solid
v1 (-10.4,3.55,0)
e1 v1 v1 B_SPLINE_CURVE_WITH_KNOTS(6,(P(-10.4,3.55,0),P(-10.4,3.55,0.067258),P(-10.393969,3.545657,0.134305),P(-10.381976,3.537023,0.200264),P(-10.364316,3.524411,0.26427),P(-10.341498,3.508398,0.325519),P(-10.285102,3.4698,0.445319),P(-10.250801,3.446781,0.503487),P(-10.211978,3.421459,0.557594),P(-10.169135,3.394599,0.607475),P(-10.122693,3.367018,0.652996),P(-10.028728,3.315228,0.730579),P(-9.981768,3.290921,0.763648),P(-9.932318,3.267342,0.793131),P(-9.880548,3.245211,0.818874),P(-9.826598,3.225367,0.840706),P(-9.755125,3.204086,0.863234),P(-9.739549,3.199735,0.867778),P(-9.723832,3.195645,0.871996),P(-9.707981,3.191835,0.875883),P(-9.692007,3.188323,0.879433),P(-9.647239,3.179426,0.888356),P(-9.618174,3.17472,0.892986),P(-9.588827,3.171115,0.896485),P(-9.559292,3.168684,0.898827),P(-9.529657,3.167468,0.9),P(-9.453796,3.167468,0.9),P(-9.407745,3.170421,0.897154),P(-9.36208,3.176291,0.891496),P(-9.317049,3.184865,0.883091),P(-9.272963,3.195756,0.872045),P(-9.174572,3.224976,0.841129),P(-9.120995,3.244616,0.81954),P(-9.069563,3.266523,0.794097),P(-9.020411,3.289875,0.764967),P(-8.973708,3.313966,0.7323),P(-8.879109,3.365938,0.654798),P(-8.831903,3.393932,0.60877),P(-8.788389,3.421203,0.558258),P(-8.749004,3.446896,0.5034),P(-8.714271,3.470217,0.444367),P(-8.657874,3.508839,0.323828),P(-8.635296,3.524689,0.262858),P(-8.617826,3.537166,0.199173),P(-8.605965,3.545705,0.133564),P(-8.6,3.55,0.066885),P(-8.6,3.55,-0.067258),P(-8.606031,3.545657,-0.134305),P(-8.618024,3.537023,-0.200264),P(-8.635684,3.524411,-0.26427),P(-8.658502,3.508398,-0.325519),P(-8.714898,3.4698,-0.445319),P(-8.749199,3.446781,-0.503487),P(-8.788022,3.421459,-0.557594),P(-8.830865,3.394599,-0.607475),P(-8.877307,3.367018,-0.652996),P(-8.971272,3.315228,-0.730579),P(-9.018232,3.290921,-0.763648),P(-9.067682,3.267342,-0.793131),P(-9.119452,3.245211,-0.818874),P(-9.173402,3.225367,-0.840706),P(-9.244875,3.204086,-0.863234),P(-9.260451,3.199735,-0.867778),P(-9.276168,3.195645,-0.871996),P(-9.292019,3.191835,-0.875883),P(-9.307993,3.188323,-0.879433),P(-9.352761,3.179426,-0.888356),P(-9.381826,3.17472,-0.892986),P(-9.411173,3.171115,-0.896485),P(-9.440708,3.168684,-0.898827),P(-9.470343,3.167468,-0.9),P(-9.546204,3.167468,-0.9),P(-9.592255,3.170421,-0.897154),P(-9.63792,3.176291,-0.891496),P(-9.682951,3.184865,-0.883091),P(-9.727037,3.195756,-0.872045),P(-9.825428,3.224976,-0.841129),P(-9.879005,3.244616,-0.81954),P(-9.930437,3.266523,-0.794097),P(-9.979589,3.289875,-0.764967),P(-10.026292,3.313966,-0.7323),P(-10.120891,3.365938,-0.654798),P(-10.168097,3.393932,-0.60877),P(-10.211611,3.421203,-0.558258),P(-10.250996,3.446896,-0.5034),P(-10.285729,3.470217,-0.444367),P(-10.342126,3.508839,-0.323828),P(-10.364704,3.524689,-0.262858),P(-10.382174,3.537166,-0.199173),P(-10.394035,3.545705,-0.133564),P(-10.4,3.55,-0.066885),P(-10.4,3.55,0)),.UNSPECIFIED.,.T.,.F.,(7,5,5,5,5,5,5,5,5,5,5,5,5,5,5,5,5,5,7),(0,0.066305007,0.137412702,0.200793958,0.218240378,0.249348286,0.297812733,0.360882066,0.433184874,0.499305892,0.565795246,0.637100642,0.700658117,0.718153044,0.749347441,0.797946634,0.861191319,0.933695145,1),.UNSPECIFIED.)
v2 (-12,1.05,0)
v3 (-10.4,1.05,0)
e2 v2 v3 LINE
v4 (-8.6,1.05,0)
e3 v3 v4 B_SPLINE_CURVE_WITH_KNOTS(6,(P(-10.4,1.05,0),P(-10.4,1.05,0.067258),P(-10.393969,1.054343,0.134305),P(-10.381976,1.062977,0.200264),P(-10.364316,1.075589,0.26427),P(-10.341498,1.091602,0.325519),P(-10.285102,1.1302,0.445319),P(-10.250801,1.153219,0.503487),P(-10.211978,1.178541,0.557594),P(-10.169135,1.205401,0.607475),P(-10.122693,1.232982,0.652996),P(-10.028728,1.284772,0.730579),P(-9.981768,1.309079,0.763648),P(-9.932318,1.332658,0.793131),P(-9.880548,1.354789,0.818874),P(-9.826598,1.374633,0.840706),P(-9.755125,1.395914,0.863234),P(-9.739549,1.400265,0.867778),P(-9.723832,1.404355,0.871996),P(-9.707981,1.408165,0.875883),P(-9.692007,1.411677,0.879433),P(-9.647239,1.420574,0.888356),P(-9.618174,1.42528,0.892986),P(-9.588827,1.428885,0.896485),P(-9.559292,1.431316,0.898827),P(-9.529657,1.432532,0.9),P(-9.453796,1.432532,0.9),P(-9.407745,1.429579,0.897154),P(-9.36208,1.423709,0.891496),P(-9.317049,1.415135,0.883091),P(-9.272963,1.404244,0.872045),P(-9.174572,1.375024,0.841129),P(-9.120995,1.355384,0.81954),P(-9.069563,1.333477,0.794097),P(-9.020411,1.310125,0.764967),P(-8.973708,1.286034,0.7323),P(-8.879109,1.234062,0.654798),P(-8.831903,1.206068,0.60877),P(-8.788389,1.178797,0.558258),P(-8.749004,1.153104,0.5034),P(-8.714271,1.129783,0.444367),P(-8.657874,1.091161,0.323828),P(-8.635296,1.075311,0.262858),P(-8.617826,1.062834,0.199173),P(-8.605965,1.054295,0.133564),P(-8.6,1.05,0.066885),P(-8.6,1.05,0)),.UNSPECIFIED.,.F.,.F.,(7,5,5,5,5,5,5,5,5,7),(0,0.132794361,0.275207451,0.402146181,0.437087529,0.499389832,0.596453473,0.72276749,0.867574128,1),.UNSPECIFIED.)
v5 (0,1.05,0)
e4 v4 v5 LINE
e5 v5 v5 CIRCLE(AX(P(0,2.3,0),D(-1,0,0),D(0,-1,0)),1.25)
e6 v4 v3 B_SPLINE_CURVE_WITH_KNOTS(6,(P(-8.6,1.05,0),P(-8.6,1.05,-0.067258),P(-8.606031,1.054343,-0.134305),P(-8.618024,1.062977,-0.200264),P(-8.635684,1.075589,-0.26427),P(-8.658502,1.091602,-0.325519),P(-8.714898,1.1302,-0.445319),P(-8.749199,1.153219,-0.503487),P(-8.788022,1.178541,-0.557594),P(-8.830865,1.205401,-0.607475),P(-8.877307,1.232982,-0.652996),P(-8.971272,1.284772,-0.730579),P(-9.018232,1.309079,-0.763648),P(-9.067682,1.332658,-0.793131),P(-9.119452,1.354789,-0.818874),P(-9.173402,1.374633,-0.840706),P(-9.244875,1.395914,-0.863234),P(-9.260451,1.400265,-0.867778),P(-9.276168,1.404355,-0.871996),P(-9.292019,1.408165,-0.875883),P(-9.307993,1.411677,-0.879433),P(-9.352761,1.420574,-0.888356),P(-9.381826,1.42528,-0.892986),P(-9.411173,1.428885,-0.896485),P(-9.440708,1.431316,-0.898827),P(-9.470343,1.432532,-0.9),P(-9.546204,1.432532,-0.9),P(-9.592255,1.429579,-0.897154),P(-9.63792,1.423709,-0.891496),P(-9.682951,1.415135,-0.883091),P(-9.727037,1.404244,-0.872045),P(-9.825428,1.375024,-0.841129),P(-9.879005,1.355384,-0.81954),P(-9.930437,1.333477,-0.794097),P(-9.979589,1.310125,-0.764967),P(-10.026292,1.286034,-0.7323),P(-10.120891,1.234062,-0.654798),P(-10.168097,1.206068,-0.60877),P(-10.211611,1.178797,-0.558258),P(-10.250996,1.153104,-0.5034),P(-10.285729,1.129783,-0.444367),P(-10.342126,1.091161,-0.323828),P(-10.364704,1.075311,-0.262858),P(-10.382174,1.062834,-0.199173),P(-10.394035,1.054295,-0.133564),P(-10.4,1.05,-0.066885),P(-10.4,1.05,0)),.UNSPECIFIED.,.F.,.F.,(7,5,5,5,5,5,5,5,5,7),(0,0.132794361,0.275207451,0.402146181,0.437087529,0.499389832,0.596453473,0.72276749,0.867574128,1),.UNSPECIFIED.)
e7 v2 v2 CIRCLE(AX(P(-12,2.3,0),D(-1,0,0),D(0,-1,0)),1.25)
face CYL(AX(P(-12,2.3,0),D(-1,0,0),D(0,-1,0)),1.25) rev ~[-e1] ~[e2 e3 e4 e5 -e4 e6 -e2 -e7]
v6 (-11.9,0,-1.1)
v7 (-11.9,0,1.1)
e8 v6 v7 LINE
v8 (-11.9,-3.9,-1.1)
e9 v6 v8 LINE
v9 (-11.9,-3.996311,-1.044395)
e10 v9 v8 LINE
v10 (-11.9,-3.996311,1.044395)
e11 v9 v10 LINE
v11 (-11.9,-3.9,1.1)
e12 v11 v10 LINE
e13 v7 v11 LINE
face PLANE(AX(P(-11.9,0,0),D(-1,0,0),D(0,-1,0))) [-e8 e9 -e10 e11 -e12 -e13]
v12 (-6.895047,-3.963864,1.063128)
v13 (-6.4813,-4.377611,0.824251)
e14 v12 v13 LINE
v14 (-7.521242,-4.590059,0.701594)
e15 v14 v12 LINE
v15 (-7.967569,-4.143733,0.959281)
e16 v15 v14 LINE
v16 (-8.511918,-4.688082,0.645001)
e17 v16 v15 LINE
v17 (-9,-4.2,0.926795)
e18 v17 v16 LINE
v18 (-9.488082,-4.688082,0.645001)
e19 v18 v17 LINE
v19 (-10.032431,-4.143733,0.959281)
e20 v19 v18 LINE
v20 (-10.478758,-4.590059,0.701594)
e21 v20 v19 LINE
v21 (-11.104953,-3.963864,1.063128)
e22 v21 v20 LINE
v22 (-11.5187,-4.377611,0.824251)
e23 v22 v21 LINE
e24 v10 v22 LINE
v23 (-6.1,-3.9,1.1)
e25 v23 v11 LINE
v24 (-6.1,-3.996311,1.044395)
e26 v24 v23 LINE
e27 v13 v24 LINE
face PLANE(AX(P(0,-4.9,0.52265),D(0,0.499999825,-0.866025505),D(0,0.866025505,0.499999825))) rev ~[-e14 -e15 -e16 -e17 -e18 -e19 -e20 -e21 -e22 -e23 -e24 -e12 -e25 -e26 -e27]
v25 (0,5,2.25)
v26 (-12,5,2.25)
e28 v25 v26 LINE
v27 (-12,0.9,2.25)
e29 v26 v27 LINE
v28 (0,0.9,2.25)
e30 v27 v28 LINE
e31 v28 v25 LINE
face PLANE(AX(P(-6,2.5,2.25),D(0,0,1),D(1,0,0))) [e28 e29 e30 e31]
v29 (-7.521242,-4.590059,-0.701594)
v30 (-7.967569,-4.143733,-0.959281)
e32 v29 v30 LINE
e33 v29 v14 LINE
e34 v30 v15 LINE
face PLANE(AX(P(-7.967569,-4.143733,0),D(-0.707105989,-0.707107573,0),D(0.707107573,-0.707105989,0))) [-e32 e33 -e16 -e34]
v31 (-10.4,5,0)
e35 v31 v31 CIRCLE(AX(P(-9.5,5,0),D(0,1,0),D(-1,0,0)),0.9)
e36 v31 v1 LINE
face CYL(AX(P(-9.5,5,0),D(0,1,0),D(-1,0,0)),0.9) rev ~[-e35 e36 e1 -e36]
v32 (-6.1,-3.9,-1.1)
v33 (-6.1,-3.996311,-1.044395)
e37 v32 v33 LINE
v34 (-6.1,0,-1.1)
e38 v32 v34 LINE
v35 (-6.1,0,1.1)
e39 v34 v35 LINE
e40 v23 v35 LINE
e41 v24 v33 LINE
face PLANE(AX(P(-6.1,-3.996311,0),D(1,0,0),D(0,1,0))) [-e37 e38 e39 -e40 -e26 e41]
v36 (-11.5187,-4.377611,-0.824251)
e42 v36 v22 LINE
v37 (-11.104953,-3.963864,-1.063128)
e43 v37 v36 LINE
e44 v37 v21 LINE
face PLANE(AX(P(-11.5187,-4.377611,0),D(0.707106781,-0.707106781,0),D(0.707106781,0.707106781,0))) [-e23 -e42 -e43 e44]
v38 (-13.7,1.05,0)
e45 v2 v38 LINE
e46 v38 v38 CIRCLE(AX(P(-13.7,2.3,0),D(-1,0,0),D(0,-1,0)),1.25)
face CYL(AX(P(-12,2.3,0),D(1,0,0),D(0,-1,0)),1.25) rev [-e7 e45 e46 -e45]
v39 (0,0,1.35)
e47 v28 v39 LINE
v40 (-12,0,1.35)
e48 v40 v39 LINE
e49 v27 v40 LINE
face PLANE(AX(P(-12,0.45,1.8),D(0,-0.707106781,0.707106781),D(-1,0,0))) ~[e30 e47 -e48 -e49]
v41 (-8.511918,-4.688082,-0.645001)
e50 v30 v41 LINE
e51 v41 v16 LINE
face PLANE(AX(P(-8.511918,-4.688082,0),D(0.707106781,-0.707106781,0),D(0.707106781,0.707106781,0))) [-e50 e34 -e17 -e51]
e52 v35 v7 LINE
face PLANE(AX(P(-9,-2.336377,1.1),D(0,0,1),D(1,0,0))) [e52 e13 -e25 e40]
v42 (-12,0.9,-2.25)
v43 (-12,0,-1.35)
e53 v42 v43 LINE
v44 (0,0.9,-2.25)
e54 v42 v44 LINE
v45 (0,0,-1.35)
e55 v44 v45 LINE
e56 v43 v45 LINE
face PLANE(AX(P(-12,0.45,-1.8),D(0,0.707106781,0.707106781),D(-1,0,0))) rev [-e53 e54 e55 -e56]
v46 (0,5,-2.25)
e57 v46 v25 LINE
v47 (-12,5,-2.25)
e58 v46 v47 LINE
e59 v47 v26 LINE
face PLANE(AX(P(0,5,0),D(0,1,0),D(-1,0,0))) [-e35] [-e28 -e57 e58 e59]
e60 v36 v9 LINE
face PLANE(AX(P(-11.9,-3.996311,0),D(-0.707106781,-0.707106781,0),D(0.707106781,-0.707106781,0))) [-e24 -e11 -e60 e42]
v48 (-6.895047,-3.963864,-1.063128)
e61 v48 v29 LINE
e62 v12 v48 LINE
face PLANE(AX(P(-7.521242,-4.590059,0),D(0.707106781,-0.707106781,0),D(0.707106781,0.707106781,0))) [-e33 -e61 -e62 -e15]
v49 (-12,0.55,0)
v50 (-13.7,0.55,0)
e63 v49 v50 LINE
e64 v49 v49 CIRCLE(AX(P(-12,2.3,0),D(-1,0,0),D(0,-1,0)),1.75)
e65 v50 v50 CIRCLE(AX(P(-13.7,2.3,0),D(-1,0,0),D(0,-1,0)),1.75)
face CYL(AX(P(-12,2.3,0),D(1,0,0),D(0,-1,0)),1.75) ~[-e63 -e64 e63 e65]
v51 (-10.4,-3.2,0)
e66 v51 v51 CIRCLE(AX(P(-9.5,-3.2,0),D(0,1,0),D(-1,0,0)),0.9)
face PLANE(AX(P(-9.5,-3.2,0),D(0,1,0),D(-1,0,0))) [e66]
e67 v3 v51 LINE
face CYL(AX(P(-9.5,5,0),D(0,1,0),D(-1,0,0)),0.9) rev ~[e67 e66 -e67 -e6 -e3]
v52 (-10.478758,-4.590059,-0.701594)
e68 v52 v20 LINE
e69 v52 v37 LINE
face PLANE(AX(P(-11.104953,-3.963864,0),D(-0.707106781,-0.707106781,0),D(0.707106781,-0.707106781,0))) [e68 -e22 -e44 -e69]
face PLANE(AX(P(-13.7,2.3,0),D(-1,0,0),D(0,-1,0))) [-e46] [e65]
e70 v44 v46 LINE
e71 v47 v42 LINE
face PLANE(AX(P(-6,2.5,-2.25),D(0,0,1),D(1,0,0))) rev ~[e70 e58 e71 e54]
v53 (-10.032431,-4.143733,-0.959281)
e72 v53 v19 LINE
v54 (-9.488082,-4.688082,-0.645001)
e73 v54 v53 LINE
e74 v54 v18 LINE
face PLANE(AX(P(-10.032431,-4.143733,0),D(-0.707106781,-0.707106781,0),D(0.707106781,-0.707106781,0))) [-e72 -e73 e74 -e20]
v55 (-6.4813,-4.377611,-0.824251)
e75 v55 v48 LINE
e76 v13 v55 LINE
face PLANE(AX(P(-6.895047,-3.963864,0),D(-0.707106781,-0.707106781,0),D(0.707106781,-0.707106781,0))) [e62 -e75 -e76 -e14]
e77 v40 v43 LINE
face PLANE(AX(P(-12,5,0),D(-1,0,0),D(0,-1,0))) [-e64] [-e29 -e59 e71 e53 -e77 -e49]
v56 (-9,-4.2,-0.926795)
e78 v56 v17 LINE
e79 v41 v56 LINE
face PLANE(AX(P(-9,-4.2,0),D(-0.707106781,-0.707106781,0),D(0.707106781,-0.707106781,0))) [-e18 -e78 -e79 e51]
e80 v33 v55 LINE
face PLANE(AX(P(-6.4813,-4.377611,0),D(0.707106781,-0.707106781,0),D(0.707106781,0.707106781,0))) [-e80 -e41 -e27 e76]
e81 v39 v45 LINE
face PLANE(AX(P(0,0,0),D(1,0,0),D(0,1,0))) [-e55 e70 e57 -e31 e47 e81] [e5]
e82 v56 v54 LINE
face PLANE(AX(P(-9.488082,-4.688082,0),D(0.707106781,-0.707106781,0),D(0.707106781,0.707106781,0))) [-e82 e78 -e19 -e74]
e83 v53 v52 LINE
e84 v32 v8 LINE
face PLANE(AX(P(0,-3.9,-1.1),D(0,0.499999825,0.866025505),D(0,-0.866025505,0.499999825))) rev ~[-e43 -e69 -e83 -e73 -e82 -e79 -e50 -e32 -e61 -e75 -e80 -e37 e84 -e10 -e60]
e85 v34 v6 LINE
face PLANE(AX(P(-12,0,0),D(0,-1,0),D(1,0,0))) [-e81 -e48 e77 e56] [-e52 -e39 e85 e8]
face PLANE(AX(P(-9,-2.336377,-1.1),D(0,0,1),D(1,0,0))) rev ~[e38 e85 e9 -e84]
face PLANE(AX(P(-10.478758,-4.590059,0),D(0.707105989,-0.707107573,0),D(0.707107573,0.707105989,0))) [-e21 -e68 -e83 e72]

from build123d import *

# Parameters (mm, degrees)
F1_DEPTH  = 2.25
F2_DEPTH  = 1.1
F3_SIZE   = 0.9
F5_DEPTH  = 12
F6_R      = 1.75
F6_R_2    = 1.25
F7_DEPTH  = 1.7
F8_DEPTH  = 12.001
F9_R      = 0.9
F10_DEPTH = 8.2


with BuildPart() as f1:
    # F0 (on Top) → F1 (new body, symmetric)
    with BuildSketch(Plane.XY):
        Polygon((0, 0), (0, 5), (-12, 5), (-12, 0), (-11.9, 0), (-6.1, 0), align=None)
    extrude(amount=F1_DEPTH, both=True)

    # F0 (on Top) → F2 (join, symmetric)
    with BuildSketch(Plane.XY):
        Polygon((-6.1, -3.996311), (-6.1, 0), (-11.9, 0), (-11.9, -3.996311), (-11.5187, -4.377611), (-11.104953, -3.963864), (-10.478758, -4.590059), (-10.032431, -4.143733), (-9.488082, -4.688082), (-9, -4.2), (-8.511918, -4.688082), (-7.967569, -4.143733), (-7.521242, -4.590059), (-6.895047, -3.963864), (-6.4813, -4.377611), align=None)
    extrude(amount=F2_DEPTH, both=True)

    # F3
    f3_edges = [f1.edges().sort_by_distance(p)[0] for p in [
        (-6, 0, 2.25),
        (-6, 0, -2.25),
    ]]
    chamfer(f3_edges, length=F3_SIZE)

    # F4 (on Right) → F5 (cut)
    with BuildSketch(Plane.YZ):
        Polygon((-4.9, 0.52265), (-3.9, 1.1), (-4.9, 1.1), align=None)
        Polygon((-4.9, -1.1), (-3.9, -1.1), (-4.9, -0.52265), align=None)
    extrude(amount=-F5_DEPTH, mode=Mode.SUBTRACT)

    # F6 (on face) → F7 (join)
    with BuildSketch(Plane(origin=(-12, 0, 0), x_dir=(0, -1, 0), z_dir=(-1, 0, 0))):
        with Locations((-2.3, 0)):
            Circle(F6_R)
        with Locations((-2.3, 0)):
            Circle(F6_R_2, mode=Mode.SUBTRACT)
    extrude(amount=F7_DEPTH)

    # F6 (on face) → F8 (cut, through all)
    with BuildSketch(Plane(origin=(-12, 0, 0), x_dir=(0, -1, 0), z_dir=(-1, 0, 0))):
        with Locations((-2.3, 0)):
            Circle(F6_R_2)
    extrude(amount=-F8_DEPTH, mode=Mode.SUBTRACT)

    # F9 (on face) → F10 (cut)
    with BuildSketch(Plane(origin=(0, 5, 0), x_dir=(-1, 0, 0), z_dir=(0, 1, 0))):
        with Locations((9.5, 0)):
            Circle(F9_R)
    extrude(amount=-F10_DEPTH, mode=Mode.SUBTRACT)


solid = f1.part
